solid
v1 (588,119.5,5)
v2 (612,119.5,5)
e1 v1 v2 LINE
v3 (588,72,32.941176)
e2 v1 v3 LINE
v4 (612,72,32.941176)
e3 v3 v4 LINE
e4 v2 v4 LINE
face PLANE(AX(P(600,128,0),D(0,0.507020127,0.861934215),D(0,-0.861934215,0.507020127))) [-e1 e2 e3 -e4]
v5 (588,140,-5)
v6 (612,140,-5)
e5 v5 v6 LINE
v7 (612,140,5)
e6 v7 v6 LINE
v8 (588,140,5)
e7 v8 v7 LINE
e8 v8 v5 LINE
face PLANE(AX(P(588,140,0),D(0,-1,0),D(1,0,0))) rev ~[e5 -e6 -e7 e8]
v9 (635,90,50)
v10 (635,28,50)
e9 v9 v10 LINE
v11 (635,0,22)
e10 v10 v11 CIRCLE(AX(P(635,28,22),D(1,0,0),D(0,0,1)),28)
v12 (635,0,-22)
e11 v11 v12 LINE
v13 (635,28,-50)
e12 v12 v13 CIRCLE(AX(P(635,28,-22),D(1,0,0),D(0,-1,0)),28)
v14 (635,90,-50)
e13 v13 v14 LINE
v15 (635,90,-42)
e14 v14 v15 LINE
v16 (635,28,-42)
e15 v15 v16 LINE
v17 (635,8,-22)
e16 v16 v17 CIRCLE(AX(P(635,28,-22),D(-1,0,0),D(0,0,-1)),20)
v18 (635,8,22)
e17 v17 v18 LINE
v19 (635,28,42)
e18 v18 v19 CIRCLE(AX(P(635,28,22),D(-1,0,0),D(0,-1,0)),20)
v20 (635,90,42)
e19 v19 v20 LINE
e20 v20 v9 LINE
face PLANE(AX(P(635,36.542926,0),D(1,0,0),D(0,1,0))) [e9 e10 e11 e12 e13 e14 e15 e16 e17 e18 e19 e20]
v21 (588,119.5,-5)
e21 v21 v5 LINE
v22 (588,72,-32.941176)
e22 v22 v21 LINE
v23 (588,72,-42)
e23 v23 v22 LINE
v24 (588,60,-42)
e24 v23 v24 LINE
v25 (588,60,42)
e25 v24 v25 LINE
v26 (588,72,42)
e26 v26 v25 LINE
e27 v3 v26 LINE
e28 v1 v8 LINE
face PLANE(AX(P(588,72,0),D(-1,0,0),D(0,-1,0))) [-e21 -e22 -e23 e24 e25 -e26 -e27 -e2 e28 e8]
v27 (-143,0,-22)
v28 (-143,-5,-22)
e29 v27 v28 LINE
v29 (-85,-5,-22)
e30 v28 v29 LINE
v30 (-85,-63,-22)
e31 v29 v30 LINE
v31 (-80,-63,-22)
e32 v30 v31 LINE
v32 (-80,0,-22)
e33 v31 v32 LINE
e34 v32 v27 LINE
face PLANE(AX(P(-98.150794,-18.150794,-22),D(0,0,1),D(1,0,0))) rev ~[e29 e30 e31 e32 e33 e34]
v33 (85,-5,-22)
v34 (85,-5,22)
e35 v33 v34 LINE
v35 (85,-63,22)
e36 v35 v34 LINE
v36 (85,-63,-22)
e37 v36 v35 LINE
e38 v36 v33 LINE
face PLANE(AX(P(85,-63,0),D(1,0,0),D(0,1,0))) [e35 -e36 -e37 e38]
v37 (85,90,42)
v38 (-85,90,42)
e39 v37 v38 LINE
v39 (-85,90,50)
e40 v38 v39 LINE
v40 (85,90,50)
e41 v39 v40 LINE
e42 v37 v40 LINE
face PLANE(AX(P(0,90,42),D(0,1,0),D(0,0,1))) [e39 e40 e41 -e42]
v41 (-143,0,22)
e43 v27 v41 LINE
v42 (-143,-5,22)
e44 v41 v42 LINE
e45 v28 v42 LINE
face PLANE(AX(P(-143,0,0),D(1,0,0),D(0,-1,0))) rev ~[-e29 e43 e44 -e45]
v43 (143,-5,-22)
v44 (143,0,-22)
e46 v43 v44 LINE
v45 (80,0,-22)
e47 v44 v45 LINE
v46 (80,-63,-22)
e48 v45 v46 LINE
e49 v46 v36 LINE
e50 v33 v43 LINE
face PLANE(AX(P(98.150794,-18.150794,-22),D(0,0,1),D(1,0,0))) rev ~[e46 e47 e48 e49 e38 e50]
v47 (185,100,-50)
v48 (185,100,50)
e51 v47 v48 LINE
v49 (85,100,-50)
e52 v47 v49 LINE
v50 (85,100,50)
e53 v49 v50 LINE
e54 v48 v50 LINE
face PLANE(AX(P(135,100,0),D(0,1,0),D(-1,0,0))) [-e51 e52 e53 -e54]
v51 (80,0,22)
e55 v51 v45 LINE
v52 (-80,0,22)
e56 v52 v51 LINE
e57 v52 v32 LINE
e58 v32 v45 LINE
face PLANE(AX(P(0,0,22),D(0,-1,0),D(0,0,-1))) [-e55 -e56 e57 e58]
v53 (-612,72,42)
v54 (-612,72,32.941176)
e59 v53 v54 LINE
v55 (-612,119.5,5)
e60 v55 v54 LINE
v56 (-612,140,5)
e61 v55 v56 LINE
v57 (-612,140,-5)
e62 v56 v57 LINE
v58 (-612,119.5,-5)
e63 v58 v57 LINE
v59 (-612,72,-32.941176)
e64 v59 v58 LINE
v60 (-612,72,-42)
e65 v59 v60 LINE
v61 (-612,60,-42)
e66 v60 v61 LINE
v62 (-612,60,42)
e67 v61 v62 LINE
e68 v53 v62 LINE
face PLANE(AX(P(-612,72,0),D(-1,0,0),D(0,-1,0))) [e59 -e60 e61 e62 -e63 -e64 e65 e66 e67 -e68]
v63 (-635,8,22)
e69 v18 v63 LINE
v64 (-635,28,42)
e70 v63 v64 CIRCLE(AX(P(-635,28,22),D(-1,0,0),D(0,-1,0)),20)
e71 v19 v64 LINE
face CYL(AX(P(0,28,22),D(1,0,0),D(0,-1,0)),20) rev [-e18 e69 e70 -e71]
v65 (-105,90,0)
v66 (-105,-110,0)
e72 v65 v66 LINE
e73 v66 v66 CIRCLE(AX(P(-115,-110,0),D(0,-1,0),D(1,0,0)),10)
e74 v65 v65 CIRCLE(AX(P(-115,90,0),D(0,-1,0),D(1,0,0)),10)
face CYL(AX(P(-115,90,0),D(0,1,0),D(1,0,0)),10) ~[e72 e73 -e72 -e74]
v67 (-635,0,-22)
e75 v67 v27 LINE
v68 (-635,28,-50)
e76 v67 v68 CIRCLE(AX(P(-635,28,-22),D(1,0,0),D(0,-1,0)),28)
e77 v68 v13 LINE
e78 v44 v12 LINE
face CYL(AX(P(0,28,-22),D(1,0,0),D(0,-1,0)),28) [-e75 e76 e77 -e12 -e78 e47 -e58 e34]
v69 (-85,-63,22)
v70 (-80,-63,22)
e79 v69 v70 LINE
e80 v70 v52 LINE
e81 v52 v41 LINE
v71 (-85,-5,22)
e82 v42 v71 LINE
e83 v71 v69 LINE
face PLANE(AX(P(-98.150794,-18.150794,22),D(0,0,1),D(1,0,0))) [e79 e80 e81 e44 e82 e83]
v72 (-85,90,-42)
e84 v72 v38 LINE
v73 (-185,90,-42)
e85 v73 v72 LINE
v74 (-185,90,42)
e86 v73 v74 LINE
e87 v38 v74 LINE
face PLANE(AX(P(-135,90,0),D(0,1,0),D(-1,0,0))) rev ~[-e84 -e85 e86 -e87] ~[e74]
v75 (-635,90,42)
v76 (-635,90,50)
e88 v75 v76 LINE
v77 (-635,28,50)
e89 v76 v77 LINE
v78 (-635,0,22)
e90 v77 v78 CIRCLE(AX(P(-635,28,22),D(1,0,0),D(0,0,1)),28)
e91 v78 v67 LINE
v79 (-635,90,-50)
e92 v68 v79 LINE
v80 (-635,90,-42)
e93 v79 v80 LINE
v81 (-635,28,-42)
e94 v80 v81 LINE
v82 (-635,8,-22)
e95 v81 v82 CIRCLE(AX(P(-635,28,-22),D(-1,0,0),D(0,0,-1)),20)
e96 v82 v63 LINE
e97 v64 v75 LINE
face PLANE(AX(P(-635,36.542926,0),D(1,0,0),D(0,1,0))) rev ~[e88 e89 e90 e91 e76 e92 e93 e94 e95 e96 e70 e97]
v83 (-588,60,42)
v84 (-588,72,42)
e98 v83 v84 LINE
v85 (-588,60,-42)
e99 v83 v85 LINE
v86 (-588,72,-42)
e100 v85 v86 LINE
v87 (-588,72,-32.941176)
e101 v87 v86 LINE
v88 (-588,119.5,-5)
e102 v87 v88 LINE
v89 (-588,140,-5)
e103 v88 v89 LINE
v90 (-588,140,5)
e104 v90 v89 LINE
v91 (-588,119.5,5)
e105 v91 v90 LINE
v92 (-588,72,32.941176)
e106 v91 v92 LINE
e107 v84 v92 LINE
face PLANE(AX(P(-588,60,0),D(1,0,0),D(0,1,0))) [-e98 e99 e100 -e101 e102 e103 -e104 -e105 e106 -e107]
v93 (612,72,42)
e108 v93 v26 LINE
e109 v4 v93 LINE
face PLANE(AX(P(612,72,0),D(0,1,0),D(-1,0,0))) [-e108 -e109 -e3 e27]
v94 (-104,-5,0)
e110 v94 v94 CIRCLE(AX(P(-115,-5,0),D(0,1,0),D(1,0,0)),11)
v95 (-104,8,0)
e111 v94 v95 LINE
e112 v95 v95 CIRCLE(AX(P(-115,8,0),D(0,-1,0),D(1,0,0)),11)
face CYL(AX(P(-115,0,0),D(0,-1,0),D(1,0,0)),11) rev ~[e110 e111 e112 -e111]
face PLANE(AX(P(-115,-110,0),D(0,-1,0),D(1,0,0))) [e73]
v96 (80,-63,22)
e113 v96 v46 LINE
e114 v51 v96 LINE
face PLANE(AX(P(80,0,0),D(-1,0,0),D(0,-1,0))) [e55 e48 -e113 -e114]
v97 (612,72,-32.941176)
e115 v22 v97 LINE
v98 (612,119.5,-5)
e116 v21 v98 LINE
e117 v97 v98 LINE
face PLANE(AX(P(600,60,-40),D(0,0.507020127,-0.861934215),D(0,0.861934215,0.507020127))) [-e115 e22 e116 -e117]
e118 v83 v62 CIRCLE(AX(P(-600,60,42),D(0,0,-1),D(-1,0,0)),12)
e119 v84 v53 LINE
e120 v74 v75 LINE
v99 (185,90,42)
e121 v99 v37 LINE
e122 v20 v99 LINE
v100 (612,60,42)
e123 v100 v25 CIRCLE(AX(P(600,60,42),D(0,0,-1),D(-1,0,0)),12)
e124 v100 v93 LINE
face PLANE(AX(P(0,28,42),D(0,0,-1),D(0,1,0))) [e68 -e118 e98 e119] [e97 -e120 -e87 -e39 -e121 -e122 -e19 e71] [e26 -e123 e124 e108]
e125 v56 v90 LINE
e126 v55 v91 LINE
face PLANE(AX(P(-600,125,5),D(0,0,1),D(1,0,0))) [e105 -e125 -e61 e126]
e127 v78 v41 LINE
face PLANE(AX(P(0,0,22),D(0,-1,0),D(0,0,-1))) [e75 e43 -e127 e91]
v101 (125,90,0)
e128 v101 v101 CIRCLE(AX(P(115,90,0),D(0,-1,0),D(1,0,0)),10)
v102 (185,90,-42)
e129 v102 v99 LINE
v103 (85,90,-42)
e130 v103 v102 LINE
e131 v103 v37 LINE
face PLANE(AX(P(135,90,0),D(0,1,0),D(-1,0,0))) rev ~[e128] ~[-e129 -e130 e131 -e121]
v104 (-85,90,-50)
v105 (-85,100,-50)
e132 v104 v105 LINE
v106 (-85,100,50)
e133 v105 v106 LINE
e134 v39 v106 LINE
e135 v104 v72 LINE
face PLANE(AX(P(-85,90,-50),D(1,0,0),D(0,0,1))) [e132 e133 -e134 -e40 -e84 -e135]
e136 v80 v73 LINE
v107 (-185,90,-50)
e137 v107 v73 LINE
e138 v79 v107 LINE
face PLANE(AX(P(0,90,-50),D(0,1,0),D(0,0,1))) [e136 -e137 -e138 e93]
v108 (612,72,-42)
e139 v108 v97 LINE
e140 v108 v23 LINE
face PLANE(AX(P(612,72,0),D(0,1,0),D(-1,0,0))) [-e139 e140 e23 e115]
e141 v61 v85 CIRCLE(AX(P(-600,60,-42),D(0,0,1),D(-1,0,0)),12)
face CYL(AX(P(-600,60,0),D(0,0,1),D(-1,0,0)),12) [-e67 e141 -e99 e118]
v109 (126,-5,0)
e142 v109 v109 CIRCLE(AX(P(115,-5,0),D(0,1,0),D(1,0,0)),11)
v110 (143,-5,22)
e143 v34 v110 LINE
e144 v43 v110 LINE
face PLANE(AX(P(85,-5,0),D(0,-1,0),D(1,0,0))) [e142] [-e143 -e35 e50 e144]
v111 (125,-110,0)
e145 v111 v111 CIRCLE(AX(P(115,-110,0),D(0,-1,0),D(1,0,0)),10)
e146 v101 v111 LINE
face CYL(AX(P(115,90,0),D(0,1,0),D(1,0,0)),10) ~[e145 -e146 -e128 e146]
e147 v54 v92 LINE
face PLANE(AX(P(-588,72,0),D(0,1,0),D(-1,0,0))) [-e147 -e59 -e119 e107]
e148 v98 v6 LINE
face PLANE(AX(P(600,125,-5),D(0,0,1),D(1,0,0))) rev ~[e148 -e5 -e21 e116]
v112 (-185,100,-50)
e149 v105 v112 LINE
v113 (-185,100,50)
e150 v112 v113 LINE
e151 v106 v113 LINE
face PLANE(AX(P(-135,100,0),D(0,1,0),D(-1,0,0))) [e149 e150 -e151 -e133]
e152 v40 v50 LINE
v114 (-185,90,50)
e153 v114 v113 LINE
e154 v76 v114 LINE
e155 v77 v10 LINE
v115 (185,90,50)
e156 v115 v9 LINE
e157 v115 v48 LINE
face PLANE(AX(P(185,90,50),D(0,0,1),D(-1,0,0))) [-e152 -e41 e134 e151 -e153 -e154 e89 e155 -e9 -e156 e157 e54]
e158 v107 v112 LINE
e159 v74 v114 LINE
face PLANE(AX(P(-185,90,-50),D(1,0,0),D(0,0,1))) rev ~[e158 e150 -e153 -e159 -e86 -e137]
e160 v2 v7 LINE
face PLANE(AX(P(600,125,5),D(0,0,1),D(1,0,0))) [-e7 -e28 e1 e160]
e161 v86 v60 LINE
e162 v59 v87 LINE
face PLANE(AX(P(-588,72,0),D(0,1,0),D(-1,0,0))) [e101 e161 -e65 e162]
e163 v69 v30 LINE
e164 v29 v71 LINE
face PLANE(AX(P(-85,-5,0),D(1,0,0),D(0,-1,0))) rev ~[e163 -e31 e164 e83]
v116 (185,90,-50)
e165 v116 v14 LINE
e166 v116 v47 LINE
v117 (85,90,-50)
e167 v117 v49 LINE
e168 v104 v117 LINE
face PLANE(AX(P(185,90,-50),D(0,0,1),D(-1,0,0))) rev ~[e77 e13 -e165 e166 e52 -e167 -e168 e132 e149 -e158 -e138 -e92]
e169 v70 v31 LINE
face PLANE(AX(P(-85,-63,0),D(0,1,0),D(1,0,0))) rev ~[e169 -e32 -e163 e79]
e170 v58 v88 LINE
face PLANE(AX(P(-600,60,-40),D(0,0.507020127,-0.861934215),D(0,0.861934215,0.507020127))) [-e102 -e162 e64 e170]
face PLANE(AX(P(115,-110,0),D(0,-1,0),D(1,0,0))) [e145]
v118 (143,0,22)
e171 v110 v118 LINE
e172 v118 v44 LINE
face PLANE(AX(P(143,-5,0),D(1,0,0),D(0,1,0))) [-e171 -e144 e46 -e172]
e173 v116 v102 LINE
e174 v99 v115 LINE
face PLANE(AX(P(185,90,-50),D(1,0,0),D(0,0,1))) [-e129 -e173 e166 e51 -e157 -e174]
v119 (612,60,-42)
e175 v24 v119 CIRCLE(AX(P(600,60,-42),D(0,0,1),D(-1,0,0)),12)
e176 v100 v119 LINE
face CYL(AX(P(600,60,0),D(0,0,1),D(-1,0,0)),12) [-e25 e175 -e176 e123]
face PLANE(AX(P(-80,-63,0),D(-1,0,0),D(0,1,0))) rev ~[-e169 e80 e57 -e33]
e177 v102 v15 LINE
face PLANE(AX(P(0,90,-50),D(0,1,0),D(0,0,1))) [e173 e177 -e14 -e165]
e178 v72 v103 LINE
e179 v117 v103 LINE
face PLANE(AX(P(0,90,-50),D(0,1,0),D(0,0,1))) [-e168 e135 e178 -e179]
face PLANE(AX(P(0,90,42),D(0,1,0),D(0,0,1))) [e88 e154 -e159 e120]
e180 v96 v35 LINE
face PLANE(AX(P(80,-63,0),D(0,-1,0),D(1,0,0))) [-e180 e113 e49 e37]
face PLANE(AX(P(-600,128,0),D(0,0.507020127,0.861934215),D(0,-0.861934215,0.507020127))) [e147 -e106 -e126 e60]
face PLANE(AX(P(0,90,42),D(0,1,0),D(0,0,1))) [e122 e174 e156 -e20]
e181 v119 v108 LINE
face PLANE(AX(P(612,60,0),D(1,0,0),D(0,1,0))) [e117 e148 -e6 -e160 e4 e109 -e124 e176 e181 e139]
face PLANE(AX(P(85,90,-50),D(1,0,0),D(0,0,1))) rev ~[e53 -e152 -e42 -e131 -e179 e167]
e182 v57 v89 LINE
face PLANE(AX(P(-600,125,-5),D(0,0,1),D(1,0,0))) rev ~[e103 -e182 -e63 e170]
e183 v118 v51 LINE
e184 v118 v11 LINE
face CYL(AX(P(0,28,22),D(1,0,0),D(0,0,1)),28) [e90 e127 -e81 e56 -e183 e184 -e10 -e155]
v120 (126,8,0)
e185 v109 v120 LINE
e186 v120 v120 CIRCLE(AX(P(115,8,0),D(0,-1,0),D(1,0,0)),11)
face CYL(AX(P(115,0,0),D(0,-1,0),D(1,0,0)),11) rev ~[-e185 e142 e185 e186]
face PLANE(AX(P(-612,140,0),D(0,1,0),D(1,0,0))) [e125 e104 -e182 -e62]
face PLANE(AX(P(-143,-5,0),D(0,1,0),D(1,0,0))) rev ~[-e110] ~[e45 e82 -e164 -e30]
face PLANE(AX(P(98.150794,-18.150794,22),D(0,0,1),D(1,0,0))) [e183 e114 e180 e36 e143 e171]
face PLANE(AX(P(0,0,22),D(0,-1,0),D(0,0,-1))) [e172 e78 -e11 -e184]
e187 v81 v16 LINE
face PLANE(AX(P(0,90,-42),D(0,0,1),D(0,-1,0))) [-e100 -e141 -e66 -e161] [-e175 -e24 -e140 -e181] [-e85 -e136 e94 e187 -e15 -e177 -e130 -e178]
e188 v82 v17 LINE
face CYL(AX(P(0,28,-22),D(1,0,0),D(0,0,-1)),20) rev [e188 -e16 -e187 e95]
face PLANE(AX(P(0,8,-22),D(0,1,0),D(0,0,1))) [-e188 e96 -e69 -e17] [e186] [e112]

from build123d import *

# Parameters (mm, degrees)
F1_DEPTH       = 635
F3_DEPTH       = 22
F4_W           = 100
F4_H           = 100
F5_DEPTH       = 10
F6_R           = 11
F7_DEPTH       = 8
F7_DEPTH_BACK  = 63.001
F9_DEPTH       = 50
F9_DEPTH_BACK  = 50
F10_R          = 10
F11_DEPTH      = 200
F14_DEPTH      = 12
F14_DEPTH_BACK = 12
F17_DEPTH      = 12
F17_DEPTH_BACK = 12
F18_W          = 24
F18_H          = 30
F19_DEPTH      = 5


with BuildPart() as f1:
    # F0 (on Right) → F1 (new body, symmetric)
    with BuildSketch(Plane.YZ):
        with BuildLine():
            Line((90, 42), (90, 50))
            Line((90, 50), (28, 50))
            ThreePointArc((28, 50), (8.2010101268, 41.7989898732), (0, 22))
            Line((0, 22), (0, -22))
            ThreePointArc((0, -22), (8.2010101268, -41.7989898732), (28, -50))
            Line((28, -50), (90, -50))
            Line((90, -50), (90, -42))
            Line((90, -42), (28, -42))
            ThreePointArc((28, -42), (13.8578643763, -36.1421356237), (8, -22))
            Line((8, -22), (8, 22))
            ThreePointArc((8, 22), (13.8578643763, 36.1421356237), (28, 42))
            Line((28, 42), (90, 42))
        make_face()
    extrude(amount=F1_DEPTH, both=True)

    # F2 (on Top) → F3 (join, symmetric)
    with BuildSketch(Plane.XY):
        Polygon((-80, 0), (-143, 0), (-143, -5), (-85, -5), (-85, -63), (-80, -63), align=None)
        Polygon((80, -63), (85, -63), (85, -5), (143, -5), (143, 0), (80, 0), align=None)
    extrude(amount=F3_DEPTH, both=True)

    # F4 (on face) → F5 (join)
    with BuildSketch(Plane(origin=(0, 90, 0), x_dir=(-1, 0, 0), z_dir=(0, 1, 0))):
        with Locations((-135, 0)):
            Rectangle(F4_W, F4_H)
        with Locations((135, 0)):
            Rectangle(F4_W, F4_H)
    extrude(amount=F5_DEPTH)

    # F6 (on Front) → F7 (cut, two sides)
    with BuildSketch(Plane.XZ) as f7_sk:
        with Locations((-115, 0)):
            Circle(F6_R)
        with Locations((115, 0)):
            Circle(F6_R)
    extrude(amount=-F7_DEPTH, mode=Mode.SUBTRACT)
    extrude(f7_sk.sketch, amount=F7_DEPTH_BACK, mode=Mode.SUBTRACT)

    # F8 (on Top) → F9 (join, two sides)
    with BuildSketch(Plane.XY) as f9_sk:
        with BuildLine():
            Line((-612, 72), (-612, 60))
            ThreePointArc((-612, 60), (-600, 48), (-588, 60))
            Line((-588, 60), (-588, 72))
            Line((-588, 72), (-612, 72))
        make_face()
        with BuildLine():
            ThreePointArc((588, 60), (600, 48), (612, 60))
            Line((612, 60), (612, 72))
            Line((612, 72), (588, 72))
            Line((588, 72), (588, 60))
        make_face()
    extrude(amount=F9_DEPTH)
    extrude(f9_sk.sketch, amount=-F9_DEPTH_BACK)

    # F10 (on face) → F11 (join)
    with BuildSketch(Plane.XZ.offset(-90)):
        with Locations((-115, 0)):
            Circle(F10_R)
        with Locations((115, 0)):
            Circle(F10_R)
    extrude(amount=F11_DEPTH)

    # F13 (on offset) → F14 (join, two sides)
    with BuildSketch(Plane.YZ.offset(600)) as f14_sk:
        Polygon((60, 40), (60, -40), (128, 0), align=None)
    extrude(amount=F14_DEPTH)
    extrude(f14_sk.sketch, amount=-F14_DEPTH_BACK)

    # F16 (on offset) → F17 (join, two sides)
    with BuildSketch(Plane.YZ.offset(-600)) as f17_sk:
        Polygon((60, -40), (128, 0), (60, 40), align=None)
    extrude(amount=F17_DEPTH)
    extrude(f17_sk.sketch, amount=-F17_DEPTH_BACK)

    # F18 (on Top) → F19 (join, symmetric)
    with BuildSketch(Plane.XY):
        with Locations((-600, 125)):
            Rectangle(F18_W, F18_H)
        with Locations((600, 125)):
            Rectangle(F18_W, F18_H)
    extrude(amount=F19_DEPTH, both=True)


solid = f1.part
